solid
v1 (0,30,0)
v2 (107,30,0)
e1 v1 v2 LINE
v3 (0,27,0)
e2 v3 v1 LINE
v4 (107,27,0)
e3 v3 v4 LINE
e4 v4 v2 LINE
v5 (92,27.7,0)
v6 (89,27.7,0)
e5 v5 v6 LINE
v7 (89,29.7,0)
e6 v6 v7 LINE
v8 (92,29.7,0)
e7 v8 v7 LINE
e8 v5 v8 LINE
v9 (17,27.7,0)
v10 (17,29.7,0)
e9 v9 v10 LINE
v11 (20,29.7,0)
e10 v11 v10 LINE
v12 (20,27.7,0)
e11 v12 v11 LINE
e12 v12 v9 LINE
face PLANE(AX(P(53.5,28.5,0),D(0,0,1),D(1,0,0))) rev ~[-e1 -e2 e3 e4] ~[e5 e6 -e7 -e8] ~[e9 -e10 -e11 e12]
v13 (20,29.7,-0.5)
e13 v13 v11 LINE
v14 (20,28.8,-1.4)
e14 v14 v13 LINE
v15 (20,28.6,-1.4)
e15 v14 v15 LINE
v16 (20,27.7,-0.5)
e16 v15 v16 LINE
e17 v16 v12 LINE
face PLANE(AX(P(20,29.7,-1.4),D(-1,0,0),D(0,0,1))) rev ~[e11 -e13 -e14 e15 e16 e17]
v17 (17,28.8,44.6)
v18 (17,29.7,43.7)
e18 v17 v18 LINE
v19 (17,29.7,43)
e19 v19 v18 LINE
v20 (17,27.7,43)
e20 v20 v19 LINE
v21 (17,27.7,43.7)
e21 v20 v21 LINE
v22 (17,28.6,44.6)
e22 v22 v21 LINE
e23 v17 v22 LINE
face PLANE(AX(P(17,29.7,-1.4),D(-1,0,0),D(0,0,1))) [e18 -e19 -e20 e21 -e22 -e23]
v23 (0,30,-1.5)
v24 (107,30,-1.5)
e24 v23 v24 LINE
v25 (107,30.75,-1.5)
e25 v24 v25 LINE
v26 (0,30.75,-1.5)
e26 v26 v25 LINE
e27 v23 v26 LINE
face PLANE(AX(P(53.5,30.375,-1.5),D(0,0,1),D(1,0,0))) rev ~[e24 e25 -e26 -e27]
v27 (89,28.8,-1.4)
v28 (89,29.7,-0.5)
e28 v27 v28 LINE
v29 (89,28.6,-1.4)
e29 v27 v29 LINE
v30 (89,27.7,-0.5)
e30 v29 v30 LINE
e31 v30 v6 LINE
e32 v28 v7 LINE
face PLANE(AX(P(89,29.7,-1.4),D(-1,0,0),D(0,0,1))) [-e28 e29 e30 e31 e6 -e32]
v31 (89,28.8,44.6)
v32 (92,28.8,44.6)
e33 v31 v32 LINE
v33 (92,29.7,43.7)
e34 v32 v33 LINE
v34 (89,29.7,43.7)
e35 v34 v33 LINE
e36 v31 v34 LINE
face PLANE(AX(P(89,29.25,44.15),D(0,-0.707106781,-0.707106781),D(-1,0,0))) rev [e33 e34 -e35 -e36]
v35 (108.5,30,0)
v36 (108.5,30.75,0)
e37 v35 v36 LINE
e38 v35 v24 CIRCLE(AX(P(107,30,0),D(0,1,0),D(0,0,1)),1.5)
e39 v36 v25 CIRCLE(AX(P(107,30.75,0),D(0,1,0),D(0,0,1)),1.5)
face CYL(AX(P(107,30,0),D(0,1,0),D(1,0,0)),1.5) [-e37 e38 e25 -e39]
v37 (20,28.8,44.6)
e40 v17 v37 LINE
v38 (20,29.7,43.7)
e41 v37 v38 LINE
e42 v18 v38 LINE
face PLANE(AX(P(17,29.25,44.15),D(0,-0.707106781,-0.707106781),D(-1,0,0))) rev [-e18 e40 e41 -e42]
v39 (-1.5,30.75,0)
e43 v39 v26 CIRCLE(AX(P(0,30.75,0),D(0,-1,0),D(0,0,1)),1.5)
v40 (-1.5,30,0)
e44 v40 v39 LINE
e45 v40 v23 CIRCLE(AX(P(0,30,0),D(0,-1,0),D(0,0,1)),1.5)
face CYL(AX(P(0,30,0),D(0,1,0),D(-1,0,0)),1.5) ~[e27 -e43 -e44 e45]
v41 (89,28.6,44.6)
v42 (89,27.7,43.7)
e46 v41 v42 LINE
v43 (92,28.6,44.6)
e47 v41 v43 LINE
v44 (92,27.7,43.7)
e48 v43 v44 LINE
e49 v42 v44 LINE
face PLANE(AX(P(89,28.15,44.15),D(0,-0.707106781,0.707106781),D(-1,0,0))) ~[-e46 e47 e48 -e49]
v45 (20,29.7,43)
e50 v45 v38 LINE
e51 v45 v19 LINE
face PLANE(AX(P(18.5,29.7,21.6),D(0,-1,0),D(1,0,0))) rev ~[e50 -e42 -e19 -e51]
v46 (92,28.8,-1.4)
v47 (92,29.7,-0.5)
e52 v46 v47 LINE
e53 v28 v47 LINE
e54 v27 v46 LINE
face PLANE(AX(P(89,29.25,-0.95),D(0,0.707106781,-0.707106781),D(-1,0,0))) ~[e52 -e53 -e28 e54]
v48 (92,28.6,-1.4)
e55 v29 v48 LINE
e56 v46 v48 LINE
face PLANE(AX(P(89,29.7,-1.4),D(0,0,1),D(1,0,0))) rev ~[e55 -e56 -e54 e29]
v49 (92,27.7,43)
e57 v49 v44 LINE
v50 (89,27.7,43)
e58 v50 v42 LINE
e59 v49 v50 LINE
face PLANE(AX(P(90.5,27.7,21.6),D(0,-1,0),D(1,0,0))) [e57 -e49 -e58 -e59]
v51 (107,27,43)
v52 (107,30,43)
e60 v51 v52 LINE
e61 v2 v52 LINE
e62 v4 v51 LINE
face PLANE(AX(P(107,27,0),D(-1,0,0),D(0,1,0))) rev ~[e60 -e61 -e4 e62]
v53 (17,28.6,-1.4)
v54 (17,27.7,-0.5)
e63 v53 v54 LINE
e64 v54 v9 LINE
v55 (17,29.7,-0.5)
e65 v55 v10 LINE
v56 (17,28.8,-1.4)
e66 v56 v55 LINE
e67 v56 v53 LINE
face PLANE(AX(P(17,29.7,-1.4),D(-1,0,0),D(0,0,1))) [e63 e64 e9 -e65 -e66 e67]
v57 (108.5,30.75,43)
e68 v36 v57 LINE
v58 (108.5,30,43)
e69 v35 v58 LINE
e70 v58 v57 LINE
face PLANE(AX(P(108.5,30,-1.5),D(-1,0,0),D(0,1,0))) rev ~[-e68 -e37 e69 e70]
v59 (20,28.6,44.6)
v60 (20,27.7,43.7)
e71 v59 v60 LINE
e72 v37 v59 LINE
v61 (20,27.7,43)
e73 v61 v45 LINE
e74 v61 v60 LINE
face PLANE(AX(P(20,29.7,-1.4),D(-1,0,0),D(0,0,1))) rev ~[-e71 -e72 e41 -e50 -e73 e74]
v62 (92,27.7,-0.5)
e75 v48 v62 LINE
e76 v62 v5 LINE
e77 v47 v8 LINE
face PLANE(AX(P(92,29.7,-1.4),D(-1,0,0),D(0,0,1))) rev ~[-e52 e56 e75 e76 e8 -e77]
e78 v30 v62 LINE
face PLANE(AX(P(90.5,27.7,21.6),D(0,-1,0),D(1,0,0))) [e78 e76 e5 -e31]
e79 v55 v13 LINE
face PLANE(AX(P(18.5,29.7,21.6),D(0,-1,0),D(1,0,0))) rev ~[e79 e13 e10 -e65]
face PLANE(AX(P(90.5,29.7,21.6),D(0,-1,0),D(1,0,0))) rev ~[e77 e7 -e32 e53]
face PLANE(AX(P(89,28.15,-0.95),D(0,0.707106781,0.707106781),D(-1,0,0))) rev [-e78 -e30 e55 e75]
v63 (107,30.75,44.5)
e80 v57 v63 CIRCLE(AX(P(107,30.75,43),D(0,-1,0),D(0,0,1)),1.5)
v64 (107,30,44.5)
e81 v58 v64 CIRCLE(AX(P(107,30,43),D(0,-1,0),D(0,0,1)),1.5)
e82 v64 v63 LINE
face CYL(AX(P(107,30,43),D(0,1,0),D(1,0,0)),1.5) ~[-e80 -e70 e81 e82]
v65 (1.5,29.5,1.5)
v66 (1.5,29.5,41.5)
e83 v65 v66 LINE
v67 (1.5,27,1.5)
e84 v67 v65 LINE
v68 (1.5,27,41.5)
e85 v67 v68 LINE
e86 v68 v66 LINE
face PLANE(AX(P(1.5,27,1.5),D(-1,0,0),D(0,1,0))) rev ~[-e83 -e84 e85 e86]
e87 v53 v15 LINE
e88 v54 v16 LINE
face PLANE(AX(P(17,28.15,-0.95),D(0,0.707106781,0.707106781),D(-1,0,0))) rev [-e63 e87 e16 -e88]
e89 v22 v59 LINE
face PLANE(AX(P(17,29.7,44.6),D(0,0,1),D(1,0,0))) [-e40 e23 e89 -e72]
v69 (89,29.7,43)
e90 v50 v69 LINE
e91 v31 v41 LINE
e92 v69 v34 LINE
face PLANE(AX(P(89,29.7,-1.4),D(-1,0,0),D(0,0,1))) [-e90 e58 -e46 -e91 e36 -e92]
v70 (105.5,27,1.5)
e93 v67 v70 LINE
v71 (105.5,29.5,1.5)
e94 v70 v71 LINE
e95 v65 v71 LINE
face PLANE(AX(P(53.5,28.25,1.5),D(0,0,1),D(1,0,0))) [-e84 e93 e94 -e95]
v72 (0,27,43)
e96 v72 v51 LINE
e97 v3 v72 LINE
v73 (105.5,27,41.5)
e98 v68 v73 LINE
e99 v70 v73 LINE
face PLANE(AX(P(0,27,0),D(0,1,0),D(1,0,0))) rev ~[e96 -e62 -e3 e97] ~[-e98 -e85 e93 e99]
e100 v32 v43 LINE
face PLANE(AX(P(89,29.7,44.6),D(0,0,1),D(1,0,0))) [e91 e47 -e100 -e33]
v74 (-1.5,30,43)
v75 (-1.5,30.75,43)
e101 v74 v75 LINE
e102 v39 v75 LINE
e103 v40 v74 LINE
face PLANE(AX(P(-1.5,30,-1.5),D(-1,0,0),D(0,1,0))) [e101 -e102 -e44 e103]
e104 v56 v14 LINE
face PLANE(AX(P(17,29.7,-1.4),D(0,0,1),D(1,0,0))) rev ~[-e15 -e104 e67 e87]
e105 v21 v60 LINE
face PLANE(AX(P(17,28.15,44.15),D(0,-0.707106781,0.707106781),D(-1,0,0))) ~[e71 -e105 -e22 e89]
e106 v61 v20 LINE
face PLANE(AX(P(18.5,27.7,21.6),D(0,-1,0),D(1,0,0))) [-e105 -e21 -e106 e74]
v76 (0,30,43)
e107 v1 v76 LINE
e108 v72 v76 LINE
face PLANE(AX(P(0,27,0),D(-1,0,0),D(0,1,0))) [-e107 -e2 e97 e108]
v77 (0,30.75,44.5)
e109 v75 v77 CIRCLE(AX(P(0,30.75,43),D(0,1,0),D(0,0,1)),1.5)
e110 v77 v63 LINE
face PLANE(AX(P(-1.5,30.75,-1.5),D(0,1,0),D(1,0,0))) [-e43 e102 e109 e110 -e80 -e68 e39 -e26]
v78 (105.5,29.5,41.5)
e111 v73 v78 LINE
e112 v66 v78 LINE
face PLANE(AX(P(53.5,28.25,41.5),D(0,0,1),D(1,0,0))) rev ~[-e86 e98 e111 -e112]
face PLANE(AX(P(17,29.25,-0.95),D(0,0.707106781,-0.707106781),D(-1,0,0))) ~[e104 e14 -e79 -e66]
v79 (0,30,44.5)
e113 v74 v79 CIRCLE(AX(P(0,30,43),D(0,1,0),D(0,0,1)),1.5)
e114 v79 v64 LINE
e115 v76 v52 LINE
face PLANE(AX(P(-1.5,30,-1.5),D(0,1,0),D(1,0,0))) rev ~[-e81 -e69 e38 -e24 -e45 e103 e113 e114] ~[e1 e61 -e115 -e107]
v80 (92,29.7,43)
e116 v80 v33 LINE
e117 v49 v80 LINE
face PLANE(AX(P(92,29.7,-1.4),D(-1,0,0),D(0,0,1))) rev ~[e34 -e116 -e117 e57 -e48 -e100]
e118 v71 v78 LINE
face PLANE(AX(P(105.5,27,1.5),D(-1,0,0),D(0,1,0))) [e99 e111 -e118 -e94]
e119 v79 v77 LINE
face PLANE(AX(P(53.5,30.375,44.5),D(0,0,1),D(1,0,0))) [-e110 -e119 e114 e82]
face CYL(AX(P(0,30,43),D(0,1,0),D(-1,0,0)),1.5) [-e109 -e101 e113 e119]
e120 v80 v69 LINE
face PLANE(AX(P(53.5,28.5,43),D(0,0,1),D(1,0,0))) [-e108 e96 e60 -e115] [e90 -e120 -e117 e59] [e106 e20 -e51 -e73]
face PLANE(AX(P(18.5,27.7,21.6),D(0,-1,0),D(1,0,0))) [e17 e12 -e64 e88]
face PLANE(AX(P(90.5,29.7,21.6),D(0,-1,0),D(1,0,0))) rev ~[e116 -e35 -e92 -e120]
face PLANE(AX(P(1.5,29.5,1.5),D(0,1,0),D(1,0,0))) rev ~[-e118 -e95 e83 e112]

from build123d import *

# Parameters (mm, degrees)
BOX030_W                   = 104
BOX030_H                   = 2.5
BOX030_DEPTH               = 40
BOX029_W                   = 107
BOX029_H                   = 3
BOX029_DEPTH               = 43
BOX028_W                   = 3
BOX028_H                   = 46
BOX028_DEPTH               = 2
CHAMFER003_SIZE            = 0.9
CHAMFER003_PLACEMENT_ANGLE = 90
BOX027_W                   = 3
BOX027_H                   = 46
BOX027_DEPTH               = 2
CHAMFER002_SIZE            = 0.9
CHAMFER002_PLACEMENT_ANGLE = 90
BOX031_W                   = 110
BOX031_H                   = 0.75
BOX031_DEPTH               = 46
FILLET_R                   = 1.5


with BuildPart() as cubo030:
    # Box030 → Box030 (new body)
    with BuildSketch(Plane(origin=(1.5, 27, 1.5), x_dir=(1, 0, 0), z_dir=(0, 0, 1))):
        with Locations((52, 1.25)):
            Rectangle(BOX030_W, BOX030_H)
    extrude(amount=BOX030_DEPTH)


with BuildPart() as cubo029:
    # Box029 → Box029 (new body)
    with BuildSketch(Plane(origin=(0, 27, 0), x_dir=(1, 0, 0), z_dir=(0, 0, 1))):
        with Locations((53.5, 1.5)):
            Rectangle(BOX029_W, BOX029_H)
    extrude(amount=BOX029_DEPTH)


with BuildPart() as chamfer003:
    # Box028 → Box028 (new body)
    with BuildSketch(Plane(origin=(5, -1, -6), x_dir=(1, 0, 0), z_dir=(0, 0, 1))):
        with Locations((1.5, 23)):
            Rectangle(BOX028_W, BOX028_H)
    extrude(amount=BOX028_DEPTH)

    # Chamfer003
    chamfer003_edges = [chamfer003.edges().sort_by_distance(p)[0] for p in [
        (6.5, -1, -6),
        (6.5, -1, -4),
        (6.5, 45, -6),
        (6.5, 45, -4),
    ]]
    chamfer(chamfer003_edges, length=CHAMFER003_SIZE)


with BuildPart() as chamfer003_1:
    # Chamfer003 placement: moved
    add(chamfer003.part.moved(Location((84, 23.7, -0.4))).rotate(Axis((84, 23.7, -0.4), (1, 0, 0)), CHAMFER003_PLACEMENT_ANGLE))


with BuildPart() as cut004:
    # Box027 → Box027 (new body)
    with BuildSketch(Plane(origin=(5, -1, -6), x_dir=(1, 0, 0), z_dir=(0, 0, 1))):
        with Locations((1.5, 23)):
            Rectangle(BOX027_W, BOX027_H)
    extrude(amount=BOX027_DEPTH)

    # Chamfer002
    chamfer002_edges = [cut004.edges().sort_by_distance(p)[0] for p in [
        (6.5, -1, -6),
        (6.5, -1, -4),
        (6.5, 45, -6),
        (6.5, 45, -4),
    ]]
    chamfer(chamfer002_edges, length=CHAMFER002_SIZE)


with BuildPart() as cut004_1:
    # Chamfer002 placement: moved
    add(cut004.part.moved(Location((12, 23.7, -0.4))).rotate(Axis((12, 23.7, -0.4), (1, 0, 0)), CHAMFER002_PLACEMENT_ANGLE))

    # Fusion001: union Chamfer003
    add(chamfer003_1.part)

    # Fusion002: union Cubo029
    add(cubo029.part)

    # Cut004: cut Cubo030
    add(cubo030.part, mode=Mode.SUBTRACT)


with BuildPart() as tapa:
    # Box031 → Box031 (new body)
    with BuildSketch(Plane(origin=(-1.5, 30, -1.5), x_dir=(1, 0, 0), z_dir=(0, 0, 1))):
        with Locations((55, 0.375)):
            Rectangle(BOX031_W, BOX031_H)
    extrude(amount=BOX031_DEPTH)

    # Fillet
    fillet_edges = [tapa.edges().sort_by_distance(p)[0] for p in [
        (-1.5, 30.375, 44.5),
        (-1.5, 30.375, -1.5),
        (108.5, 30.375, 44.5),
        (108.5, 30.375, -1.5),
    ]]
    fillet(fillet_edges, radius=FILLET_R)

    # Fusion003: union Cut004
    add(cut004_1.part)


solid = tapa.part
